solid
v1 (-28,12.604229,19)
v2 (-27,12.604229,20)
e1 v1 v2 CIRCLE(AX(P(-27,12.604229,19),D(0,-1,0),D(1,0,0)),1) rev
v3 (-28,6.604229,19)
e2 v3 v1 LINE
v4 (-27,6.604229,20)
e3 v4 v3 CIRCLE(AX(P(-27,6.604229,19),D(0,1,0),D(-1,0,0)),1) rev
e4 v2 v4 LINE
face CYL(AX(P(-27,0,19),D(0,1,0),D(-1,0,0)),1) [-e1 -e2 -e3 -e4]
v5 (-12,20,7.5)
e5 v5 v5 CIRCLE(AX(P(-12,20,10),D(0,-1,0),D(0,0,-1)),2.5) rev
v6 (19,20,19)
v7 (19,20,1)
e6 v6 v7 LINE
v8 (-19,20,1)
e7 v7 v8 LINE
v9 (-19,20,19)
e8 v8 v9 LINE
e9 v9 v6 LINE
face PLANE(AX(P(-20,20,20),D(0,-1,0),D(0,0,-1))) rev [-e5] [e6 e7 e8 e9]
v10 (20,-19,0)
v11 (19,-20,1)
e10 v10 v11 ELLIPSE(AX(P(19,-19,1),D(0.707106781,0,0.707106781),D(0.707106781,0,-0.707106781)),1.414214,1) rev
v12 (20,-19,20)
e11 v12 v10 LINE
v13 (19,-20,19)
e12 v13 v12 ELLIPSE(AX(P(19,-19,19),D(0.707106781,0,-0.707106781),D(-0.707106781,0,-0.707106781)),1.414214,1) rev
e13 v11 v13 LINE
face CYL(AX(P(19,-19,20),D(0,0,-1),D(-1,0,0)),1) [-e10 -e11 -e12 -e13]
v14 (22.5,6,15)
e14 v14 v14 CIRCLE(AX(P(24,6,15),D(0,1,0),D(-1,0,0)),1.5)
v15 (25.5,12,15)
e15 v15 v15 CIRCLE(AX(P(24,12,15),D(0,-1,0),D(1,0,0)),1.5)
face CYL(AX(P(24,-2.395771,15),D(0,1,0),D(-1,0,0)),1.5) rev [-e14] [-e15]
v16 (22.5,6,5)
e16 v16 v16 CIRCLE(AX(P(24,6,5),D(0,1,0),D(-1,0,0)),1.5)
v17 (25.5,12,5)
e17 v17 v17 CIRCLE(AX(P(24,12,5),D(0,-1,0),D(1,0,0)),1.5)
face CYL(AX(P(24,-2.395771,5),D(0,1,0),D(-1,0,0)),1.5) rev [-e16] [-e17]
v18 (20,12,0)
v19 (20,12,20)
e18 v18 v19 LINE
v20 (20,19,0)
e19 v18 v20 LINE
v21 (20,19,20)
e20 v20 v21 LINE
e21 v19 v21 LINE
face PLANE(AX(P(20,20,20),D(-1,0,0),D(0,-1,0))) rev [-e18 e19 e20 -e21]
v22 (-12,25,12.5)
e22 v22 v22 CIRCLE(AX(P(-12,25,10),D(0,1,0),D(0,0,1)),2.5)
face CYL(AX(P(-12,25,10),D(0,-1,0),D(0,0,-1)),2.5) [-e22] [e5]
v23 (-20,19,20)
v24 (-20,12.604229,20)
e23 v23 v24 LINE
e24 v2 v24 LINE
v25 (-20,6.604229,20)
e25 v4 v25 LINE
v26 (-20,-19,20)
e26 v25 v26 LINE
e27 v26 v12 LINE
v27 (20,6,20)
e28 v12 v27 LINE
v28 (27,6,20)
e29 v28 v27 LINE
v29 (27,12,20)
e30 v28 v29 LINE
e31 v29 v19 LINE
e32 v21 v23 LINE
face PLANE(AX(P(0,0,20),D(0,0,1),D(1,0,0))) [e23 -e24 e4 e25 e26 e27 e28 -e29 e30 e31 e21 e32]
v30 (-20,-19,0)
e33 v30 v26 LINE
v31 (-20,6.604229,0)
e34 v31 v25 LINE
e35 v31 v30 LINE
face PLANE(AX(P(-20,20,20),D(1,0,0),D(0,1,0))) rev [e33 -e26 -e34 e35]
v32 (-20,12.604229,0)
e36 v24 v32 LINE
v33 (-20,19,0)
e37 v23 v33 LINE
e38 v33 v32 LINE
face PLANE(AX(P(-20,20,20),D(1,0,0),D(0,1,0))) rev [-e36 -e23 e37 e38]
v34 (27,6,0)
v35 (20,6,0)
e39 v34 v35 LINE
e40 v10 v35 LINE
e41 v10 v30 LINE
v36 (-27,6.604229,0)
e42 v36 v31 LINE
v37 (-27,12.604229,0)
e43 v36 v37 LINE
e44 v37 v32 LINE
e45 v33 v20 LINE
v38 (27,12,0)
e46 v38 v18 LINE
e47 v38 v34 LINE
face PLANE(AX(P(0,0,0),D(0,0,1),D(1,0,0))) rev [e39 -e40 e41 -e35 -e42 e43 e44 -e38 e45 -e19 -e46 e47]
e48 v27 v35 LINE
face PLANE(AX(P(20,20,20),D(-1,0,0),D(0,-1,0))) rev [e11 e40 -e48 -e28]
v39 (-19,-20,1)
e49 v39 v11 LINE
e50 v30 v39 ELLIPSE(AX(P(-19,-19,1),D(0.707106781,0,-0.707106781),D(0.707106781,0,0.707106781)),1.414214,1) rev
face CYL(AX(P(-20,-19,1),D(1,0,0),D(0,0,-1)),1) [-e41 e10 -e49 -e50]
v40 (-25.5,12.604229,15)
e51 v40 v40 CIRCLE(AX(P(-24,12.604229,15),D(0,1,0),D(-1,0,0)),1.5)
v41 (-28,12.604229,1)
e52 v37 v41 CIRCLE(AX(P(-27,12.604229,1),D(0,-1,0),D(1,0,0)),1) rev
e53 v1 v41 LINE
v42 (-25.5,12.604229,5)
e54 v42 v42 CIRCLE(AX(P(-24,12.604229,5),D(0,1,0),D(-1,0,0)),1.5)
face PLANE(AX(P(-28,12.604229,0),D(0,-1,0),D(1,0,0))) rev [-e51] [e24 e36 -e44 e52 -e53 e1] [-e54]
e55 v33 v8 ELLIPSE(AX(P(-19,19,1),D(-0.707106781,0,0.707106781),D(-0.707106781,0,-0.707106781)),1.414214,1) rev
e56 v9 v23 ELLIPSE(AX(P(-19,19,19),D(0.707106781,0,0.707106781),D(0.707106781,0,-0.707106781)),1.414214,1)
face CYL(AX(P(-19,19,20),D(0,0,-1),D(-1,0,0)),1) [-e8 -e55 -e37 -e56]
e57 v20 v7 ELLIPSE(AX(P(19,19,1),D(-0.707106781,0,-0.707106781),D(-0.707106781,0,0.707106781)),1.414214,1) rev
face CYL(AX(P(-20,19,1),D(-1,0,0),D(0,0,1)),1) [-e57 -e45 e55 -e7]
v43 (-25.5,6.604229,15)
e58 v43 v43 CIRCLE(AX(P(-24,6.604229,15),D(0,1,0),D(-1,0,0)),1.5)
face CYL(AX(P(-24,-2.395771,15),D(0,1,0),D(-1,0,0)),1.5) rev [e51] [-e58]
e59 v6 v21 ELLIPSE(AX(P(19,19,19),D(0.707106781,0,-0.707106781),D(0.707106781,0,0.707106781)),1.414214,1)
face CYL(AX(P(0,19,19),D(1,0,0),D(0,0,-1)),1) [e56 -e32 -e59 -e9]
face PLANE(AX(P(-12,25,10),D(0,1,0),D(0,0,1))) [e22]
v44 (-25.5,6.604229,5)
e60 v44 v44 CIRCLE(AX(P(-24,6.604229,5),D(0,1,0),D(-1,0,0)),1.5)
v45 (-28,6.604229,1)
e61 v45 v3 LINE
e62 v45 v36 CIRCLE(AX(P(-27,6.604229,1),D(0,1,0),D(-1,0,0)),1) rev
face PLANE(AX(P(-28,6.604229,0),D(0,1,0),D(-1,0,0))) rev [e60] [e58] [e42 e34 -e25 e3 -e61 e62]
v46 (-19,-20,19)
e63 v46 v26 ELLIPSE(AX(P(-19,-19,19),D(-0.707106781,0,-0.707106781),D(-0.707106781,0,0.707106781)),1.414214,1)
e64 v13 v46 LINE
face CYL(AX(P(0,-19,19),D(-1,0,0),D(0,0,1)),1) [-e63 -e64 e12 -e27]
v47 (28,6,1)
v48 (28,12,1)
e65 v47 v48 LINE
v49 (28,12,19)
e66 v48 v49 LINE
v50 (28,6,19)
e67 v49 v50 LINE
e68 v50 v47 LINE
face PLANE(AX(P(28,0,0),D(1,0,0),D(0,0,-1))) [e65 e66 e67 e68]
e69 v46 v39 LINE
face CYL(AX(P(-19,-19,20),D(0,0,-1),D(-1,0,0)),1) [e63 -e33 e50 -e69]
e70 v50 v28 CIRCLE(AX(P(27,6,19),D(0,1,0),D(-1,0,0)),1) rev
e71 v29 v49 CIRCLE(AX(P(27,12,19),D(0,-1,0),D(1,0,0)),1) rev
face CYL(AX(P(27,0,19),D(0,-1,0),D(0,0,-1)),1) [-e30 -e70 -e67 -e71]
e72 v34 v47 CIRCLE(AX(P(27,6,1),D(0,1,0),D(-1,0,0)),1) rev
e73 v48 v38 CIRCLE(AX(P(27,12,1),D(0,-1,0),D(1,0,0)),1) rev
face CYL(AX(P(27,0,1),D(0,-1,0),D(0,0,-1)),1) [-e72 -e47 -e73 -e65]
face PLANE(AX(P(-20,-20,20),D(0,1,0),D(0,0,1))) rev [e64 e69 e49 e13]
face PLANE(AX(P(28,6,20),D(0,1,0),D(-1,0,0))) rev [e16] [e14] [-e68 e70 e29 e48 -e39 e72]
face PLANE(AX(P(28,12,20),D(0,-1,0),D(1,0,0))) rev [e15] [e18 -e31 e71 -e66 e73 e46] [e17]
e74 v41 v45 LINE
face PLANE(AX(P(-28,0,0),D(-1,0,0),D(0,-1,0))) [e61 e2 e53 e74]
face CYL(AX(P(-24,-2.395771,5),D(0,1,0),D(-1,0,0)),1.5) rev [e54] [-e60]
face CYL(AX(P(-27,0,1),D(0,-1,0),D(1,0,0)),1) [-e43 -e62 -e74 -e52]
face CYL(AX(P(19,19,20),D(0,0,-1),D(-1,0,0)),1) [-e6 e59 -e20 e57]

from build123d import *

# Parameters (mm, degrees)
IZIM1_W                     = 40
IZIM1_H                     = 40
Y_KSEKLIK_EKSTR_ZYON1_DEPTH = 20
IZIM2_W                     = 20
IZIM2_H                     = 6
Y_KSEKLIK_EKSTR_ZYON2_DEPTH = 8
IZIM3_W                     = 20
IZIM3_H                     = 6
Y_KSEKLIK_EKSTR_ZYON3_DEPTH = 8
IZIM4_R                     = 2.5
Y_KSEKLIK_EKSTR_ZYON4_DEPTH = 5
IZIM5_R                     = 1.5
KES_EKSTR_ZYON1_DEPTH       = 15
RADYUS1_R                   = 1
RADYUS2_R                   = 1
RADYUS3_R                   = 1
RADYUS4_R                   = 1
RADYUS5_R                   = 1


with BuildPart() as part:
    # Çizim1 → Yükseklik-Ekstrüzyon1 (new body)
    with BuildSketch(Plane.XY):
        Rectangle(IZIM1_W, IZIM1_H)
    extrude(amount=Y_KSEKLIK_EKSTR_ZYON1_DEPTH)

    # Çizim2 → Yükseklik-Ekstrüzyon2 (add)
    with BuildSketch(Plane(origin=(20, 0, 0), x_dir=(0, 0, -1), z_dir=(1, 0, 0))):
        with Locations((-10, 9)):
            Rectangle(IZIM2_W, IZIM2_H)
    extrude(amount=Y_KSEKLIK_EKSTR_ZYON2_DEPTH)

    # Çizim3 → Yükseklik-Ekstrüzyon3 (add)
    with BuildSketch(Plane.ZY.offset(20)):
        with Locations((10, 9.60422947)):
            Rectangle(IZIM3_W, IZIM3_H)
    extrude(amount=Y_KSEKLIK_EKSTR_ZYON3_DEPTH)

    # Çizim4 → Yükseklik-Ekstrüzyon4 (add)
    with BuildSketch(Plane(origin=(0, 20, 0), x_dir=(1, 0, 0), z_dir=(0, 1, 0))):
        with Locations((-12, -10)):
            Circle(IZIM4_R)
    extrude(amount=Y_KSEKLIK_EKSTR_ZYON4_DEPTH)

    # Çizim5 → Kes-Ekstrüzyon1 (cut)
    with BuildSketch(Plane(origin=(0, 12.60422947, 0), x_dir=(1, 0, 0), z_dir=(0, 1, 0))):
        with Locations((-24, -5)):
            Circle(IZIM5_R)
        with Locations((-24, -15)):
            Circle(IZIM5_R)
        with Locations((24, -15)):
            Circle(IZIM5_R)
        with Locations((24, -5)):
            Circle(IZIM5_R)
    extrude(amount=-KES_EKSTR_ZYON1_DEPTH, mode=Mode.SUBTRACT)

    # Radyus1
    radyus1_edges = [part.edges().sort_by_distance(p)[0] for p in [
        (0, 20, 0),
        (-20, 20, 10),
        (20, 20, 10),
        (0, 20, 20),
    ]]
    fillet(radyus1_edges, radius=RADYUS1_R)

    # Radyus2
    radyus2_edges = [part.edges().sort_by_distance(p)[0] for p in [
        (0, -20, 20),
        (0, -20, 0),
        (20, -20, 10),
        (-20, -20, 10),
    ]]
    fillet(radyus2_edges, radius=RADYUS2_R)

    # Radyus3
    radyus3_edges = [part.edges().sort_by_distance(p)[0] for p in [
        (28, 9, 20),
    ]]
    fillet(radyus3_edges, radius=RADYUS3_R)

    # Radyus4
    radyus4_edges = [part.edges().sort_by_distance(p)[0] for p in [
        (-28, 9.60422947, 0),
    ]]
    fillet(radyus4_edges, radius=RADYUS4_R)

    # Radyus5
    radyus5_edges = [part.edges().sort_by_distance(p)[0] for p in [
        (28, 9, 0),
        (-28, 9.60422947, 20),
    ]]
    fillet(radyus5_edges, radius=RADYUS5_R)


solid = part.part
